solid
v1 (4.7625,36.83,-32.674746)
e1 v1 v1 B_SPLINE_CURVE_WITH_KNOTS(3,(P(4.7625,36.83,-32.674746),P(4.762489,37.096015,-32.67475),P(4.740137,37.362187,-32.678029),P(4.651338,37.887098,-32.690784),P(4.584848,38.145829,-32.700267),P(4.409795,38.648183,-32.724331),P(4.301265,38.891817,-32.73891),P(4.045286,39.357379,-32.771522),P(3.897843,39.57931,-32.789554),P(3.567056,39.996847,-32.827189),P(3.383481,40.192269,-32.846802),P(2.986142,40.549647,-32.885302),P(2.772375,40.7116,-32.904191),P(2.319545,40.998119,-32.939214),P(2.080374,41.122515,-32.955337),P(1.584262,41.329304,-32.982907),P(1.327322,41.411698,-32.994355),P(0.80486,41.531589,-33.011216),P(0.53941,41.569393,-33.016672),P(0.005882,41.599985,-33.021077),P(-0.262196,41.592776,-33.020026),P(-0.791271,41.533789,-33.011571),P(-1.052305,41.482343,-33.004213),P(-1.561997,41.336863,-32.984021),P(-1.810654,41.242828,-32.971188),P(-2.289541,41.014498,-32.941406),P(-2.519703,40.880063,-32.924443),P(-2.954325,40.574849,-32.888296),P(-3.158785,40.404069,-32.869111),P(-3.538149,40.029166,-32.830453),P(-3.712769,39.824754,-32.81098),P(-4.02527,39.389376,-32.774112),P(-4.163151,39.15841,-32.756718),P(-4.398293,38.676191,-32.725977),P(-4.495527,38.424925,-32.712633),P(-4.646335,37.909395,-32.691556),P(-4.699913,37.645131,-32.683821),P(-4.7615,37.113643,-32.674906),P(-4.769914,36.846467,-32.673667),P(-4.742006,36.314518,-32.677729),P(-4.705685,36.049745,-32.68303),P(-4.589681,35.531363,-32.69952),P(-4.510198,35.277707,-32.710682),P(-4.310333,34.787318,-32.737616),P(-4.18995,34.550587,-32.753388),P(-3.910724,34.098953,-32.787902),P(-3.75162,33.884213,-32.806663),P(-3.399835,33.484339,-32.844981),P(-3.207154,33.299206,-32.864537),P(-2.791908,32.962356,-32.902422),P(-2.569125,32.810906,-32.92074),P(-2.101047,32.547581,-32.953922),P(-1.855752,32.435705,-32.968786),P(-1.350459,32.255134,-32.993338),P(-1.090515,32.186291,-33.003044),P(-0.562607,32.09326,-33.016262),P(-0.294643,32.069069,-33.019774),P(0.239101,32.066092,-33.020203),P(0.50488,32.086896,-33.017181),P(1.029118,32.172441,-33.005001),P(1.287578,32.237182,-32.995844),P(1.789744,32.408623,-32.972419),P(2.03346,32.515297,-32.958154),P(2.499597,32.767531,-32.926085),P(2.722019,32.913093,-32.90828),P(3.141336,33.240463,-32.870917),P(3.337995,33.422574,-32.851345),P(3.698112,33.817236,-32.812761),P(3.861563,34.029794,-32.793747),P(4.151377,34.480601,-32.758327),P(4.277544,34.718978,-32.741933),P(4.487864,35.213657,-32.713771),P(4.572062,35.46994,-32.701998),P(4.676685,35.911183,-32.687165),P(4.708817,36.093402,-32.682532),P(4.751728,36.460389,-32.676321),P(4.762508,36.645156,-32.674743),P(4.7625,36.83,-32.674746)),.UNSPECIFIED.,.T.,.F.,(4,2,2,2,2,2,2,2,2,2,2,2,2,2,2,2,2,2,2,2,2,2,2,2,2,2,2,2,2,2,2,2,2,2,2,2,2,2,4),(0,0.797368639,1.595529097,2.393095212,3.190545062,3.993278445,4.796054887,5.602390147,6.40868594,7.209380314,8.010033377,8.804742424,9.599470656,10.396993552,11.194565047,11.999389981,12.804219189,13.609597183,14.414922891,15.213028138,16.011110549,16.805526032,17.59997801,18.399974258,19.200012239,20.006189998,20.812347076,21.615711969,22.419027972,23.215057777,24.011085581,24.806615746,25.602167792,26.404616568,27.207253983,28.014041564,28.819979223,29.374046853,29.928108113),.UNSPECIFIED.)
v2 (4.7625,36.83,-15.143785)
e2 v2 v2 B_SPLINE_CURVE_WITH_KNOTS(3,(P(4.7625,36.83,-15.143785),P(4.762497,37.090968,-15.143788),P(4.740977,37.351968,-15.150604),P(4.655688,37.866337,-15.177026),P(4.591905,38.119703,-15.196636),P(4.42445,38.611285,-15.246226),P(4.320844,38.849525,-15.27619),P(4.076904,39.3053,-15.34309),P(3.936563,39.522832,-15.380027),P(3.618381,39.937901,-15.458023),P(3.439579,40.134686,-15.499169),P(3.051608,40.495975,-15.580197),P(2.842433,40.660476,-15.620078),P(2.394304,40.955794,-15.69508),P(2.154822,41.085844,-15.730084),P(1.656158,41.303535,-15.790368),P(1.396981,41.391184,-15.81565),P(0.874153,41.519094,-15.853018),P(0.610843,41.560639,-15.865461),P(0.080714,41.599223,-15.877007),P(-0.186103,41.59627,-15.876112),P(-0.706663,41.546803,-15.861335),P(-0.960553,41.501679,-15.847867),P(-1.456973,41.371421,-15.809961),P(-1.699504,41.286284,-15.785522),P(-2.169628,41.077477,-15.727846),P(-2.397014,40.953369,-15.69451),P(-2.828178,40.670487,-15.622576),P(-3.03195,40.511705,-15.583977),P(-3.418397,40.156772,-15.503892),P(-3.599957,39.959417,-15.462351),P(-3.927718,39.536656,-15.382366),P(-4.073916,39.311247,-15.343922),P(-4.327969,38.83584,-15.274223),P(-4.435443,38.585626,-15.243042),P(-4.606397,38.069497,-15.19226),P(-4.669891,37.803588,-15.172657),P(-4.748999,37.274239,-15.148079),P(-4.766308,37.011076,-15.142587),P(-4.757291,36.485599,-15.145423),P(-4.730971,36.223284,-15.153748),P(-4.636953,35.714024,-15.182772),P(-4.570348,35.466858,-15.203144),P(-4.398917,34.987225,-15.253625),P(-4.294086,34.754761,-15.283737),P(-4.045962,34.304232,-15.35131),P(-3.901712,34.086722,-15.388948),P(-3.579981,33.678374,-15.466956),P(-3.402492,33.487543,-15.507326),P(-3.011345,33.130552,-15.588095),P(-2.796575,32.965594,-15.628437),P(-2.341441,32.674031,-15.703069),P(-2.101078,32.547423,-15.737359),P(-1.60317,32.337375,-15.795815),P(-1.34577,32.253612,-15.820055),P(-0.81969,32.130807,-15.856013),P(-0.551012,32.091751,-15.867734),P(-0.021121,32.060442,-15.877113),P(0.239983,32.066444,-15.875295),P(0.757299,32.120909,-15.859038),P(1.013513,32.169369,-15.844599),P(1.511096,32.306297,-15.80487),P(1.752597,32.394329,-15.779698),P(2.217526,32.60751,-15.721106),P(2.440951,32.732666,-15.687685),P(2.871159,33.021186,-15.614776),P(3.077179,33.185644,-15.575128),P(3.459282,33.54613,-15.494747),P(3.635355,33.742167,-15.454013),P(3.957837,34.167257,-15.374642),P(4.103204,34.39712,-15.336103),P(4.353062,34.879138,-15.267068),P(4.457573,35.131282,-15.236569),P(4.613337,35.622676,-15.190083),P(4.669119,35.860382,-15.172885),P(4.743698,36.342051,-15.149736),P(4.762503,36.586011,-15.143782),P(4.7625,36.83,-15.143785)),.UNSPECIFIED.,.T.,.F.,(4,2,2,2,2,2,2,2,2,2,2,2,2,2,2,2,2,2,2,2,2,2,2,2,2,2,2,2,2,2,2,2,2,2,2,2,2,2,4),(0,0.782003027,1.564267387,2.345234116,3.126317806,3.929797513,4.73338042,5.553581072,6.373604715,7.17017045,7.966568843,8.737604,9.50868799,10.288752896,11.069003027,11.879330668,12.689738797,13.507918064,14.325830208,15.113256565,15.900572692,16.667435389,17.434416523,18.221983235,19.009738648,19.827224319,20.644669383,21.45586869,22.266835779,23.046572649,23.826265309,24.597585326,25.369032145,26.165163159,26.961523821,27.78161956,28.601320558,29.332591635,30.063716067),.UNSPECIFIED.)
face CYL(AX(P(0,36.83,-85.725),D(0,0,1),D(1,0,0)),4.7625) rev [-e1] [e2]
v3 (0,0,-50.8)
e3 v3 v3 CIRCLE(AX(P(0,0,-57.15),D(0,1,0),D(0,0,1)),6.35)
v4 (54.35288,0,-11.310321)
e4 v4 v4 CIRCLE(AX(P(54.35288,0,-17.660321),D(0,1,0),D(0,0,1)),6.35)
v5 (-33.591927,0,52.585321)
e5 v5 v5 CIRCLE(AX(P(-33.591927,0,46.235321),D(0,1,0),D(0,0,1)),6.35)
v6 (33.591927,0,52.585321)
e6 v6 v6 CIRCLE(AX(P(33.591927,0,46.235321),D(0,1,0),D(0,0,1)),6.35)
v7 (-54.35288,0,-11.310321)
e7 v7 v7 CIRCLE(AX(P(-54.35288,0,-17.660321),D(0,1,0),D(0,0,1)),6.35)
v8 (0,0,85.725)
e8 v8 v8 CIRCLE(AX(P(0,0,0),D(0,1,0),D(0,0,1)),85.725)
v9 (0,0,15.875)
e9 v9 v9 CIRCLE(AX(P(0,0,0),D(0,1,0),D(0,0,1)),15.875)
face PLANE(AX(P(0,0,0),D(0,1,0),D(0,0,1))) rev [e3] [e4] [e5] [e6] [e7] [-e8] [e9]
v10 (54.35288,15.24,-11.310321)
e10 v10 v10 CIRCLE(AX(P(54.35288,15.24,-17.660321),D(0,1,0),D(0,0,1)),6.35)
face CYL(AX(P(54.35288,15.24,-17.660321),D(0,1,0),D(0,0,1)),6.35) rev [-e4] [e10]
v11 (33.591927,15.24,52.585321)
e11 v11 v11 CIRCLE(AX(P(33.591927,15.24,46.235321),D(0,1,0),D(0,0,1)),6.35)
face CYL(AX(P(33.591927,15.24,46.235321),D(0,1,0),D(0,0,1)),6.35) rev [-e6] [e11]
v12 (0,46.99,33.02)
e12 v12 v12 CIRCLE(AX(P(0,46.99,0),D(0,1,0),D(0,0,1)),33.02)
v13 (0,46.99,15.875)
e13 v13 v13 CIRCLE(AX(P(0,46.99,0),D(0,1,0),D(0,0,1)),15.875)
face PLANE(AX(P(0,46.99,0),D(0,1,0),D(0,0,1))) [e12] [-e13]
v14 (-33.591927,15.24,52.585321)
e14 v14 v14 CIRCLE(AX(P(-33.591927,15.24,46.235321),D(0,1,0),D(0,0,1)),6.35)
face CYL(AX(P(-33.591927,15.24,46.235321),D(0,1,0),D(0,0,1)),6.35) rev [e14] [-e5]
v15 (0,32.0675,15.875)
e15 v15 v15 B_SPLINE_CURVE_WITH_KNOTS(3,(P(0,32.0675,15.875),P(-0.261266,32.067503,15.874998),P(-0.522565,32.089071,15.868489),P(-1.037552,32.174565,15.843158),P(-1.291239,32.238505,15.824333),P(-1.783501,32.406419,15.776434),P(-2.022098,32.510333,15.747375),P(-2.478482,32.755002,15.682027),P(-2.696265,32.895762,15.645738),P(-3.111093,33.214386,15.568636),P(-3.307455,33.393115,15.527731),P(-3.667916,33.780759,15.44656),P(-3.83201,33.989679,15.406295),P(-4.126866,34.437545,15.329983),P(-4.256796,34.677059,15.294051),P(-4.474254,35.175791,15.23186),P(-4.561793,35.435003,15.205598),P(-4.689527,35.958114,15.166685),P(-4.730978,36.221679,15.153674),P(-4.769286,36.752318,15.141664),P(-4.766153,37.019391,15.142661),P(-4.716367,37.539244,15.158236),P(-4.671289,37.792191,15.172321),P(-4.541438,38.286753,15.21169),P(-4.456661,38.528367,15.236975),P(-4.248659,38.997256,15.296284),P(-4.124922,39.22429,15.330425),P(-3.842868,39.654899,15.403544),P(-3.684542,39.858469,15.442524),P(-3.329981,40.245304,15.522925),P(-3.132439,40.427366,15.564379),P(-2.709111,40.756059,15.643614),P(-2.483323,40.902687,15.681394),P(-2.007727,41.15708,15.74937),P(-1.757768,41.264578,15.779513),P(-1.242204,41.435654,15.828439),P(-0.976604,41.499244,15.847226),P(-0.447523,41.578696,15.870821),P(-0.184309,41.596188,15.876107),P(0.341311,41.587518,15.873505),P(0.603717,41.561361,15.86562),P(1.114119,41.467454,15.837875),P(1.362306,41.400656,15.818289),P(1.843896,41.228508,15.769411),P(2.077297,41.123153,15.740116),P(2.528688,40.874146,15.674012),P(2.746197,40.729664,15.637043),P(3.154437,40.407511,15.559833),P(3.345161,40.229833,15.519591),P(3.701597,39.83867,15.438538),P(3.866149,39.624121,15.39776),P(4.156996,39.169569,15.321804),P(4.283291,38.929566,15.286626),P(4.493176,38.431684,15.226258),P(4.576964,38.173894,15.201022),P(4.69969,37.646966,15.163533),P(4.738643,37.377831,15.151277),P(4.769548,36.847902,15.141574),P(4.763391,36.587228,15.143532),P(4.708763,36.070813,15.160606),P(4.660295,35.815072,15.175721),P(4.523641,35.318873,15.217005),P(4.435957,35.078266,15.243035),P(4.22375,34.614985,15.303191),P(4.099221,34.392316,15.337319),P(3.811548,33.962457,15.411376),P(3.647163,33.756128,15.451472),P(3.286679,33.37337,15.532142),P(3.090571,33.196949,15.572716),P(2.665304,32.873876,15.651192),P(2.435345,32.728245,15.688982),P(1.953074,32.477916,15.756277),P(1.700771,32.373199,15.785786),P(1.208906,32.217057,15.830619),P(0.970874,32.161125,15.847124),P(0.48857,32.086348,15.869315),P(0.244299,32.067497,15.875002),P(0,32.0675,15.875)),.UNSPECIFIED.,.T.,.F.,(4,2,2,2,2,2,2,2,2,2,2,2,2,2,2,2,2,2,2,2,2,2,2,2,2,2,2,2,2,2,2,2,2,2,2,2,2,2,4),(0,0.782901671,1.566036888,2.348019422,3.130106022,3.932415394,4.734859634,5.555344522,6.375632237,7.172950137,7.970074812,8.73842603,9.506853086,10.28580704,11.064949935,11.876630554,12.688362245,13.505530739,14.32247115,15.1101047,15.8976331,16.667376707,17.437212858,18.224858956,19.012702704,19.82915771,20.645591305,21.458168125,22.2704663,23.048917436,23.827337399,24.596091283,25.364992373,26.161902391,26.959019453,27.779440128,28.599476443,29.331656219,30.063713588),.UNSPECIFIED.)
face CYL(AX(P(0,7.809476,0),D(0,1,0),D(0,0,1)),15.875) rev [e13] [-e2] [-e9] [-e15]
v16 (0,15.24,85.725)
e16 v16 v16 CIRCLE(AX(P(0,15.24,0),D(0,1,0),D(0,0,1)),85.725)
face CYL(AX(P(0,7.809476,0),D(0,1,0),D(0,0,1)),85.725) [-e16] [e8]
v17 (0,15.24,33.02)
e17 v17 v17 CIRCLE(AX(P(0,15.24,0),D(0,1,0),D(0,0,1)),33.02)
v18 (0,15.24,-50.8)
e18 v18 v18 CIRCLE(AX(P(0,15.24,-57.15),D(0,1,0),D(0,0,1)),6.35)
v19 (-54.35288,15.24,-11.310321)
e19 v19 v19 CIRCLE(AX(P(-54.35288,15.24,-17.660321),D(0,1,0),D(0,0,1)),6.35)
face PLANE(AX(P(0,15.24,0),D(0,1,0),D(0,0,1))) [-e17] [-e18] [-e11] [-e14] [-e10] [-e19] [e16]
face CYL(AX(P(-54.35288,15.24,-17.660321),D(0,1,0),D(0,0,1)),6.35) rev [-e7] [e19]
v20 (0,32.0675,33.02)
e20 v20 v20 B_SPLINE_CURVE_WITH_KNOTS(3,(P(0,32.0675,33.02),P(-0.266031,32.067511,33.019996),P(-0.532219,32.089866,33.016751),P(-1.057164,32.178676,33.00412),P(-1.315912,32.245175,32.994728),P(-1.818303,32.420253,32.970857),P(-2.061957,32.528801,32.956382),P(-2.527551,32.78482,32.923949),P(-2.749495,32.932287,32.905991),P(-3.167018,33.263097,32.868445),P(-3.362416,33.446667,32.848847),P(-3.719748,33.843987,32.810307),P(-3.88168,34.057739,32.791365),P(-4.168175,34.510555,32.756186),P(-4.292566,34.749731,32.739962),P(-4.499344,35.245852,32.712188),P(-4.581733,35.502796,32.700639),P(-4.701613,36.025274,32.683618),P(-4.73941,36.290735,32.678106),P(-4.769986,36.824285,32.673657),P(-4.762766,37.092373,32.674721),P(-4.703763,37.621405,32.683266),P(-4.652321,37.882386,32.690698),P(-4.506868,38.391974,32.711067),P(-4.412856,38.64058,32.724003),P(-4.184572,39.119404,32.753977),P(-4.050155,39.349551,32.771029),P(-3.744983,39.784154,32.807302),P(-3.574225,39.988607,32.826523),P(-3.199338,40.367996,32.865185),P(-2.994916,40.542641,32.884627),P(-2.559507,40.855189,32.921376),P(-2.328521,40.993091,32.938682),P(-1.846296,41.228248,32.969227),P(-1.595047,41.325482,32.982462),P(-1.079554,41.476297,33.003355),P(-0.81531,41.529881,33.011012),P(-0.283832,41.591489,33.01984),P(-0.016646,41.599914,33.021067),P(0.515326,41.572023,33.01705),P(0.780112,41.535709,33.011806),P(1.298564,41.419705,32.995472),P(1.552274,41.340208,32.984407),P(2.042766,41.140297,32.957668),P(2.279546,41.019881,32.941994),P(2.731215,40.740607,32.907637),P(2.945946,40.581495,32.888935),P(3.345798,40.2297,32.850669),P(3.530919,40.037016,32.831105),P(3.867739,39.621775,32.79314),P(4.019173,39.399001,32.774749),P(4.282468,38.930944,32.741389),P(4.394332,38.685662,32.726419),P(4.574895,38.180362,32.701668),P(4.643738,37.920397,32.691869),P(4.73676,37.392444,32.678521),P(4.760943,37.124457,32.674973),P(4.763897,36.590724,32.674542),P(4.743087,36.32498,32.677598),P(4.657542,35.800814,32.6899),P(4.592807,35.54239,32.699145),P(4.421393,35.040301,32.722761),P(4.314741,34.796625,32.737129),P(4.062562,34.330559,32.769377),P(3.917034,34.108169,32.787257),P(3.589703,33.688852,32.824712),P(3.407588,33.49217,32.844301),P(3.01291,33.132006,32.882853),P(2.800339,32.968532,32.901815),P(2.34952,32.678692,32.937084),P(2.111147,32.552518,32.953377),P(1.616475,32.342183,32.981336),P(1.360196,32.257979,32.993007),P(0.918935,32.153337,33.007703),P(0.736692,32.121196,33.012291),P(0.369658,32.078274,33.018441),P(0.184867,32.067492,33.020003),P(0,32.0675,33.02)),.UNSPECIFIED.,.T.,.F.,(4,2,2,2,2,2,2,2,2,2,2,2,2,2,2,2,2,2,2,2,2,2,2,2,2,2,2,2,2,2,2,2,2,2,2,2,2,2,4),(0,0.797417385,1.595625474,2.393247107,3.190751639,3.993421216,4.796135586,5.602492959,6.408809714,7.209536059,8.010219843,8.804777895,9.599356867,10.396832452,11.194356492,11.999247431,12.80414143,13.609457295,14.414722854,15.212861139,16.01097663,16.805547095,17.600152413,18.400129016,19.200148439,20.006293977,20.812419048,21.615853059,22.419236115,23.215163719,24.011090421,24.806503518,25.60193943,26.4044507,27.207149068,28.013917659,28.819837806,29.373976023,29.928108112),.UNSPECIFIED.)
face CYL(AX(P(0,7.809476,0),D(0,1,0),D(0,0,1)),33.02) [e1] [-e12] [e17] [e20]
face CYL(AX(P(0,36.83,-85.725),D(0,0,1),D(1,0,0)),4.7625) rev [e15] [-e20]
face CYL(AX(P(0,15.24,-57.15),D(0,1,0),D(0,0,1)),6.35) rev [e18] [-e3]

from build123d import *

# Parameters (mm, degrees)
SKETCH1_W                  = 17.145
SKETCH1_H                  = 31.75
SKETCH1_W_2                = 69.85
SKETCH1_H_2                = 15.24
F_1_2_0_5_DIAMETER_HOLE1_D = 12.7
CUT_EXTRUDE1_DEPTH         = 131.021580324
CUT_EXTRUDE1_DEPTH_BACK    = 131.021580324
SKETCH10_R                 = 4.7625


with BuildPart() as part:
    # Sketch1 → Revolve1 (revolve)
    with BuildSketch(Plane.XY, mode=Mode.PRIVATE) as revolve1_sk:
        with Locations((24.4475, 31.115)):
            Rectangle(SKETCH1_W, SKETCH1_H)
        with Locations((50.8, 7.62)):
            Rectangle(SKETCH1_W_2, SKETCH1_H_2)
    revolve(revolve1_sk.sketch.rotate(Axis((0, 7.809475806, 0), (0, -1, 0)), 90), axis=Axis((0, 7.809475806, 0), (0, -1, 0)))

    # 1/2 (0.5) Diameter Hole1 (through all)
    with Locations(Plane(origin=(0, 15.24, 0), x_dir=(1, 0, 0), z_dir=(0, 1, 0))):
        with Locations((-54.352879906, 17.660321229), (0, 57.15), (54.352879906, 17.660321229), (33.591927169, -46.235321229), (-33.591927169, -46.235321229)):
            Hole(F_1_2_0_5_DIAMETER_HOLE1_D / 2)

    # Sketch10 → Cut-Extrude1 (cut, two sides: drawn at the far end of the back side and taken through both)
    with BuildSketch(Plane.XY.offset(-CUT_EXTRUDE1_DEPTH_BACK)):
        with Locations((0, 36.83)):
            Circle(SKETCH10_R)
    extrude(amount=CUT_EXTRUDE1_DEPTH + CUT_EXTRUDE1_DEPTH_BACK, mode=Mode.SUBTRACT)


solid = part.part
